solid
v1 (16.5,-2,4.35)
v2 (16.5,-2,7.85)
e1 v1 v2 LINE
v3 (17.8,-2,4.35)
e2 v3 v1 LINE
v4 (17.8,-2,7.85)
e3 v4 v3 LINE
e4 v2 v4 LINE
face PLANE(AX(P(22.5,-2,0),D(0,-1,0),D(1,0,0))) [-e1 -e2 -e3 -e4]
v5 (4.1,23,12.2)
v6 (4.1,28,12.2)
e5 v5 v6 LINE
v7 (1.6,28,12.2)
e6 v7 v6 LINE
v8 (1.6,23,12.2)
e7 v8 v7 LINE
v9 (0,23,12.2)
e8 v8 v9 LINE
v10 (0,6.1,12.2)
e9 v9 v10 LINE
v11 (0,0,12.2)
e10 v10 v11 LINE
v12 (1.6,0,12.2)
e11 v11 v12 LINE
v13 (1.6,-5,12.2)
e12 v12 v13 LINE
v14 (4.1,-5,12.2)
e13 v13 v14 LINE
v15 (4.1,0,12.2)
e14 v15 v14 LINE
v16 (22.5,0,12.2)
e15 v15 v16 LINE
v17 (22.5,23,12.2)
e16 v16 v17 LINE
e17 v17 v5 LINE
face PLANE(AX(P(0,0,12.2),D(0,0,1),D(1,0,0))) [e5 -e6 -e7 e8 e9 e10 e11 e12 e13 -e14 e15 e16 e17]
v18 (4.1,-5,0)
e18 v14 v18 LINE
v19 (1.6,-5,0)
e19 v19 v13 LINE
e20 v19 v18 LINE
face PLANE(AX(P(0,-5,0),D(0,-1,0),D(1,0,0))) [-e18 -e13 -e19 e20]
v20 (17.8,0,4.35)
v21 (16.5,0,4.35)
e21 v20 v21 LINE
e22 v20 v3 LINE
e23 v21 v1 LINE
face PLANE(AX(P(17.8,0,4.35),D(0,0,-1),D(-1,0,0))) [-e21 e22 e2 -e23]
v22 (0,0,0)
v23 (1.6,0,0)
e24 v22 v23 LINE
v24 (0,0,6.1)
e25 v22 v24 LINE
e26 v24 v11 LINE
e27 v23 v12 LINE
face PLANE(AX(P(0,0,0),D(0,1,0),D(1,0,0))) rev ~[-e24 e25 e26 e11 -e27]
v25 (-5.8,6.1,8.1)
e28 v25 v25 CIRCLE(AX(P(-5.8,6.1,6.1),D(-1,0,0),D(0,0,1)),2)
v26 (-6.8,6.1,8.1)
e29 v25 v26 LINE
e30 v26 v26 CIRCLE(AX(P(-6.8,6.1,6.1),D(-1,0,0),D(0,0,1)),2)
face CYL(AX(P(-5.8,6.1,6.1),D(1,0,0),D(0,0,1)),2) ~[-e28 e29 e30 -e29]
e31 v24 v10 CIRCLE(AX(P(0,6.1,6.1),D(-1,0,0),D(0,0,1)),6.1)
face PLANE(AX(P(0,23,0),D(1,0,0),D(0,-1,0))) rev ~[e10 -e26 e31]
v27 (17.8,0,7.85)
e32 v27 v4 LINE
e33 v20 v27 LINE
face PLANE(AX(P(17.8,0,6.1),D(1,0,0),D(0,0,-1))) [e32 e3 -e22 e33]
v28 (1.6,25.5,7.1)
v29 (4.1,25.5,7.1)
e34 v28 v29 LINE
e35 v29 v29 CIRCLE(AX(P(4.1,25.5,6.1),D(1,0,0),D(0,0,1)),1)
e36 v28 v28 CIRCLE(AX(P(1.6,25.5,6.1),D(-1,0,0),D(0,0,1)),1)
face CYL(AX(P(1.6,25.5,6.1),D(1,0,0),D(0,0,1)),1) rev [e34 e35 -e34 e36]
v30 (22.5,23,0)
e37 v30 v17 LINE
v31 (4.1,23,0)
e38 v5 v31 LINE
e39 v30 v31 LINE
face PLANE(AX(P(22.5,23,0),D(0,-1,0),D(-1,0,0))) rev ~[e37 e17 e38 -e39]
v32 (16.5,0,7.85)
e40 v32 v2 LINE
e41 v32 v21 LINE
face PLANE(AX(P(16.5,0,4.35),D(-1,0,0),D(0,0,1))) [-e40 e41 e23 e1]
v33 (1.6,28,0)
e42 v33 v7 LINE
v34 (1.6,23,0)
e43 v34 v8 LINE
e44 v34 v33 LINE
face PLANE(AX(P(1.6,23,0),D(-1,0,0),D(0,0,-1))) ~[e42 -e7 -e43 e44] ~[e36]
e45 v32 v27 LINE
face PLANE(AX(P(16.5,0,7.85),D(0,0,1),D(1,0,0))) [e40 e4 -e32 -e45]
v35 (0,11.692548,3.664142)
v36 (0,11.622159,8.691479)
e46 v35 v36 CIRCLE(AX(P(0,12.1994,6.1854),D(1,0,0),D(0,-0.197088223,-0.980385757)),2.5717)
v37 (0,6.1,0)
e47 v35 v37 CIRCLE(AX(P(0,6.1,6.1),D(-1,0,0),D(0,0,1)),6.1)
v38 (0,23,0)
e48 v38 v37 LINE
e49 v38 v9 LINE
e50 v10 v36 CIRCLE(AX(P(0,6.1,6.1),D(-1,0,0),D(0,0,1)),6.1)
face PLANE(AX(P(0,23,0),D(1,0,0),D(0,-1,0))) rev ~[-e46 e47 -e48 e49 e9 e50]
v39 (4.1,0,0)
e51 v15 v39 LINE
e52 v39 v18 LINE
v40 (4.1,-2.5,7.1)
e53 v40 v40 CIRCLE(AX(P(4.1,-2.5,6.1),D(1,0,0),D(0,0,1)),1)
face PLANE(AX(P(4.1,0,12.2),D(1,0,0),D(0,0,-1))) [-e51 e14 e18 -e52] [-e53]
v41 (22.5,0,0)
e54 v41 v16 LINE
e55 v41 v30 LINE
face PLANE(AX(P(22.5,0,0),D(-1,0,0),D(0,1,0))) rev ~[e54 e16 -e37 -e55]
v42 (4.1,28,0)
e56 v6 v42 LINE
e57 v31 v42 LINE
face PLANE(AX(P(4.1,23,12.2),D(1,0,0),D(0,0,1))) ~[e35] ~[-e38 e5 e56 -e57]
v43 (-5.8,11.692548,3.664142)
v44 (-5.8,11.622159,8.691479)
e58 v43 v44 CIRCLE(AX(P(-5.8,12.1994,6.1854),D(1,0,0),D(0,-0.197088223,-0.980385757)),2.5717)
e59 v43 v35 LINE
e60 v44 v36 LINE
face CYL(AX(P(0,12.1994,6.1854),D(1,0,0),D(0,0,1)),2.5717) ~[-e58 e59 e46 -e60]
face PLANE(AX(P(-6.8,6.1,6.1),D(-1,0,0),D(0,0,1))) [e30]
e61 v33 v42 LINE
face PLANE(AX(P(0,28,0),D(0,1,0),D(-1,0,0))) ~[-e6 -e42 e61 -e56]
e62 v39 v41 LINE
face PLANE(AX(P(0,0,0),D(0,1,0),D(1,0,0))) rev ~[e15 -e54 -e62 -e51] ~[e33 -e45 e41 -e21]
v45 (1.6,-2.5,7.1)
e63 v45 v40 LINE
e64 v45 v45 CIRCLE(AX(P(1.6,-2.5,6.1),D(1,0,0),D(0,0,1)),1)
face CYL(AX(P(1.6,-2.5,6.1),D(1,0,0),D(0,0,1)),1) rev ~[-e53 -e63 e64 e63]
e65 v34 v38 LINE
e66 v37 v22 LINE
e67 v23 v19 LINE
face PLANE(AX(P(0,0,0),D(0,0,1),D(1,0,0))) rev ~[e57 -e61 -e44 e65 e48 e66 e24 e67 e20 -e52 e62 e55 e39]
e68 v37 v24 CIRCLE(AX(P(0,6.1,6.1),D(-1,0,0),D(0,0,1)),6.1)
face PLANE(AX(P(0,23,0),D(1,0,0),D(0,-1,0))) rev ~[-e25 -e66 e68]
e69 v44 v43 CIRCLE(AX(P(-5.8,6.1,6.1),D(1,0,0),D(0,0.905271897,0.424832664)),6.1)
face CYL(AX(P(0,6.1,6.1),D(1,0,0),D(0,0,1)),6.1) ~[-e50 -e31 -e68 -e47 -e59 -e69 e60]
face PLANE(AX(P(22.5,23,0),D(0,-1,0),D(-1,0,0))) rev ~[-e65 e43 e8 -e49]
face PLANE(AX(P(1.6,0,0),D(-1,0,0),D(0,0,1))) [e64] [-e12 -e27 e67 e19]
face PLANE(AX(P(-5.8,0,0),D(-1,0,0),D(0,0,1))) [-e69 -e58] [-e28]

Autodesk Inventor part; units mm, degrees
ref_plane "YZ Plane" through (0, 0, 0) normal (1, 0, 0) x (0, 1, 0)
ref_plane "XZ Plane" through (0, 0, 0) normal (0, 1, 0) x (-1, 0, 0)
ref_plane "XY Plane" through (0, 0, 0) normal (0, 0, 1) x (1, 0, 0)
sketch "Sketch1" plane through (0, 0, 0) normal (0, 0, 1) x (1, 0, 0)
  line L0 (0, 0) -> (22.5, 0)
  line L1 (22.5, 0) -> (22.5, 23)
  line L2 (22.5, 23) -> (0, 23)
  line L3 (0, 23) -> (0, 0)
  dimension "d0" = 22.5
  dimension "d1" = 23
extrude "Extrusion1" add sketch "Sketch1" along normal blind 12.2
sketch "Sketch2" plane through (0, 0, 0) normal (0, -1, 0) x (1, 0, 0)
  line L0 (0, 12.2) -> (22.5, 12.2) projected
  line L1 (0, 0) -> (22.5, 0) projected
  line L2 (1.6, 12.2) -> (4.1, 12.2)
  line L3 (4.1, 12.2) -> (4.1, 0)
  line L4 (4.1, 0) -> (1.6, 0)
  line L5 (1.6, 0) -> (1.6, 12.2)
  line L6 (22.5, 0) -> (22.5, 12.2) projected
  dimension "d4" = 2.5
  dimension "d5" = 18.4
extrude "Extrusion2" add sketch "Sketch2" along normal blind 5 contours L0 L3 L1 L5
ref_plane "Work Plane1" through (22.5, 11.5, 0) normal (0, -1, 0) x (1, 0, 0)
mirror "Mirror1" about plane through (22.5, 11.5, 0) normal (0, -1, 0) of "Extrusion2"
ref_plane "Work Plane3" through (0, -2.5, 0) normal (0, -1, 0) x (1, 0, 0)
ref_plane "Work Plane4" through (0, 0, 6.1) normal (0, 0, 1) x (1, 0, 0)
hole "Hole1" at (1.6, -2.5, 6.1) direction (1, 0, 0) diameter 2 end through all
mirror "Mirror2" about plane through (22.5, 11.5, 0) normal (0, -1, 0) of "Hole1"
sketch "Sketch3" plane through (22.5, 0, 0) normal (0, -1, 0) x (1, 0, 0)
  line L0 (-4.7, 4.35) -> (-6, 4.35)
  line L1 (-6, 4.35) -> (-6, 7.85)
  line L2 (-6, 7.85) -> (-4.7, 7.85)
  line L3 (-4.7, 7.85) -> (-4.7, 4.35)
  line L4 (0, 12.2) -> (0, 0) projected
  line L5 (0, 0) -> (-18.4, 0) projected
  line L6 (-18.4, 12.2) -> (-18.4, 0) projected
  line L7 (-20.9, 12.2) -> (-18.4, 12.2) projected
  line L8 (-20.9, 0) -> (-20.9, 12.2) projected
  line L9 (-20.9, 0) -> (-22.5, 0) projected
  line L10 (-22.5, 0) -> (-22.5, 12.2) projected
  line L11 (-22.5, 12.2) -> (-20.9, 12.2) projected
  line L12 (-18.4, 12.2) -> (0, 12.2) projected
  line L13 (-18.4, 0) -> (-20.9, 0) projected
  line L14 (0, 12.2) -> (0, 0) projected
  line L15 (0, 0) -> (-18.4, 0) projected
  line L16 (-18.4, 12.2) -> (-18.4, 0) projected
  line L17 (-20.9, 12.2) -> (-18.4, 12.2) projected
  line L18 (-20.9, 0) -> (-20.9, 12.2) projected
  line L19 (-20.9, 0) -> (-22.5, 0) projected
  line L20 (-22.5, 0) -> (-22.5, 12.2) projected
  line L21 (-22.5, 12.2) -> (-20.9, 12.2) projected
  line L22 (-18.4, 12.2) -> (0, 12.2) projected
  line L23 (-18.4, 0) -> (-20.9, 0) projected
  line L24 (0, 12.2) -> (0, 0) projected
  line L25 (0, 0) -> (-18.4, 0) projected
  line L26 (-18.4, 12.2) -> (-18.4, 0) projected
  line L27 (-20.9, 12.2) -> (-18.4, 12.2) projected
  line L28 (-20.9, 0) -> (-20.9, 12.2) projected
  line L29 (-20.9, 0) -> (-22.5, 0) projected
  line L30 (-22.5, 0) -> (-22.5, 12.2) projected
  line L31 (-22.5, 12.2) -> (-20.9, 12.2) projected
  line L32 (-18.4, 12.2) -> (0, 12.2) projected
  line L33 (-18.4, 0) -> (-20.9, 0) projected
  line L34 (-27, 6.1) -> (4.5, 6.1) projected
  point P0 (-6, 6.1)
  dimension "d17" = 1.3
  dimension "d18" = 3.5
  dimension "d19" = 4.7
extrude "Extrusion3" add sketch "Sketch3" along normal blind 2 contours L0 L1 L34 L3 | L34 L1 L2 L3
sketch "Sketch4" plane through (0, 0, 0) normal (-1, 0, 0) x (0, 0, 1)
  line L0 (6.1, 34.6) -> (6.1, -11.6) projected
  circle A0 centre (6.1, 6.1) radius 6.1
  line L1 (0, 0) -> (0, 23) projected
  line L2 (0, 0) -> (12.2, 0) projected
extrude "Extrusion4" add sketch "Sketch4" along normal blind 5.8 contours A0 L0 | L0 A0
sketch "Sketch5" plane through (-5.8, 6.1, 6.1) normal (-1, 0, 0) x (0, 0, 1)
  circle A0 centre (0, 0) radius 2
  point P0 (-6.1, -6.1)
  dimension "d24" = 4
extrude "Extrusion5" add sketch "Sketch5" along normal blind 1
sketch "Sketch6" plane through (0, 23, 0) normal (-1, 0, 0) x (0, 0, 1)
  circle A0 centre (6.1, -16.9) radius 6.1 projected
  arc A1 (12.2, -16.9) -> (0, -16.9) centre (6.1, -16.9) ccw projected
  circle A2 centre (6.1854, -10.8006) radius 2.5717
  point P0 (0, -23)
extrude "Extrusion6" add sketch "Sketch6" along normal up to surface (5.8 mm away) contours A2 A0 | A0 A2 picked at (5.289, -10.1215) picked at (6.9125, -11.6556)
ref_plane "Work Plane2" through (22.5, 11.5, 0) normal (0, -1, 0) x (1, 0, 0)
properties part number "servo_metal_600TVL"
